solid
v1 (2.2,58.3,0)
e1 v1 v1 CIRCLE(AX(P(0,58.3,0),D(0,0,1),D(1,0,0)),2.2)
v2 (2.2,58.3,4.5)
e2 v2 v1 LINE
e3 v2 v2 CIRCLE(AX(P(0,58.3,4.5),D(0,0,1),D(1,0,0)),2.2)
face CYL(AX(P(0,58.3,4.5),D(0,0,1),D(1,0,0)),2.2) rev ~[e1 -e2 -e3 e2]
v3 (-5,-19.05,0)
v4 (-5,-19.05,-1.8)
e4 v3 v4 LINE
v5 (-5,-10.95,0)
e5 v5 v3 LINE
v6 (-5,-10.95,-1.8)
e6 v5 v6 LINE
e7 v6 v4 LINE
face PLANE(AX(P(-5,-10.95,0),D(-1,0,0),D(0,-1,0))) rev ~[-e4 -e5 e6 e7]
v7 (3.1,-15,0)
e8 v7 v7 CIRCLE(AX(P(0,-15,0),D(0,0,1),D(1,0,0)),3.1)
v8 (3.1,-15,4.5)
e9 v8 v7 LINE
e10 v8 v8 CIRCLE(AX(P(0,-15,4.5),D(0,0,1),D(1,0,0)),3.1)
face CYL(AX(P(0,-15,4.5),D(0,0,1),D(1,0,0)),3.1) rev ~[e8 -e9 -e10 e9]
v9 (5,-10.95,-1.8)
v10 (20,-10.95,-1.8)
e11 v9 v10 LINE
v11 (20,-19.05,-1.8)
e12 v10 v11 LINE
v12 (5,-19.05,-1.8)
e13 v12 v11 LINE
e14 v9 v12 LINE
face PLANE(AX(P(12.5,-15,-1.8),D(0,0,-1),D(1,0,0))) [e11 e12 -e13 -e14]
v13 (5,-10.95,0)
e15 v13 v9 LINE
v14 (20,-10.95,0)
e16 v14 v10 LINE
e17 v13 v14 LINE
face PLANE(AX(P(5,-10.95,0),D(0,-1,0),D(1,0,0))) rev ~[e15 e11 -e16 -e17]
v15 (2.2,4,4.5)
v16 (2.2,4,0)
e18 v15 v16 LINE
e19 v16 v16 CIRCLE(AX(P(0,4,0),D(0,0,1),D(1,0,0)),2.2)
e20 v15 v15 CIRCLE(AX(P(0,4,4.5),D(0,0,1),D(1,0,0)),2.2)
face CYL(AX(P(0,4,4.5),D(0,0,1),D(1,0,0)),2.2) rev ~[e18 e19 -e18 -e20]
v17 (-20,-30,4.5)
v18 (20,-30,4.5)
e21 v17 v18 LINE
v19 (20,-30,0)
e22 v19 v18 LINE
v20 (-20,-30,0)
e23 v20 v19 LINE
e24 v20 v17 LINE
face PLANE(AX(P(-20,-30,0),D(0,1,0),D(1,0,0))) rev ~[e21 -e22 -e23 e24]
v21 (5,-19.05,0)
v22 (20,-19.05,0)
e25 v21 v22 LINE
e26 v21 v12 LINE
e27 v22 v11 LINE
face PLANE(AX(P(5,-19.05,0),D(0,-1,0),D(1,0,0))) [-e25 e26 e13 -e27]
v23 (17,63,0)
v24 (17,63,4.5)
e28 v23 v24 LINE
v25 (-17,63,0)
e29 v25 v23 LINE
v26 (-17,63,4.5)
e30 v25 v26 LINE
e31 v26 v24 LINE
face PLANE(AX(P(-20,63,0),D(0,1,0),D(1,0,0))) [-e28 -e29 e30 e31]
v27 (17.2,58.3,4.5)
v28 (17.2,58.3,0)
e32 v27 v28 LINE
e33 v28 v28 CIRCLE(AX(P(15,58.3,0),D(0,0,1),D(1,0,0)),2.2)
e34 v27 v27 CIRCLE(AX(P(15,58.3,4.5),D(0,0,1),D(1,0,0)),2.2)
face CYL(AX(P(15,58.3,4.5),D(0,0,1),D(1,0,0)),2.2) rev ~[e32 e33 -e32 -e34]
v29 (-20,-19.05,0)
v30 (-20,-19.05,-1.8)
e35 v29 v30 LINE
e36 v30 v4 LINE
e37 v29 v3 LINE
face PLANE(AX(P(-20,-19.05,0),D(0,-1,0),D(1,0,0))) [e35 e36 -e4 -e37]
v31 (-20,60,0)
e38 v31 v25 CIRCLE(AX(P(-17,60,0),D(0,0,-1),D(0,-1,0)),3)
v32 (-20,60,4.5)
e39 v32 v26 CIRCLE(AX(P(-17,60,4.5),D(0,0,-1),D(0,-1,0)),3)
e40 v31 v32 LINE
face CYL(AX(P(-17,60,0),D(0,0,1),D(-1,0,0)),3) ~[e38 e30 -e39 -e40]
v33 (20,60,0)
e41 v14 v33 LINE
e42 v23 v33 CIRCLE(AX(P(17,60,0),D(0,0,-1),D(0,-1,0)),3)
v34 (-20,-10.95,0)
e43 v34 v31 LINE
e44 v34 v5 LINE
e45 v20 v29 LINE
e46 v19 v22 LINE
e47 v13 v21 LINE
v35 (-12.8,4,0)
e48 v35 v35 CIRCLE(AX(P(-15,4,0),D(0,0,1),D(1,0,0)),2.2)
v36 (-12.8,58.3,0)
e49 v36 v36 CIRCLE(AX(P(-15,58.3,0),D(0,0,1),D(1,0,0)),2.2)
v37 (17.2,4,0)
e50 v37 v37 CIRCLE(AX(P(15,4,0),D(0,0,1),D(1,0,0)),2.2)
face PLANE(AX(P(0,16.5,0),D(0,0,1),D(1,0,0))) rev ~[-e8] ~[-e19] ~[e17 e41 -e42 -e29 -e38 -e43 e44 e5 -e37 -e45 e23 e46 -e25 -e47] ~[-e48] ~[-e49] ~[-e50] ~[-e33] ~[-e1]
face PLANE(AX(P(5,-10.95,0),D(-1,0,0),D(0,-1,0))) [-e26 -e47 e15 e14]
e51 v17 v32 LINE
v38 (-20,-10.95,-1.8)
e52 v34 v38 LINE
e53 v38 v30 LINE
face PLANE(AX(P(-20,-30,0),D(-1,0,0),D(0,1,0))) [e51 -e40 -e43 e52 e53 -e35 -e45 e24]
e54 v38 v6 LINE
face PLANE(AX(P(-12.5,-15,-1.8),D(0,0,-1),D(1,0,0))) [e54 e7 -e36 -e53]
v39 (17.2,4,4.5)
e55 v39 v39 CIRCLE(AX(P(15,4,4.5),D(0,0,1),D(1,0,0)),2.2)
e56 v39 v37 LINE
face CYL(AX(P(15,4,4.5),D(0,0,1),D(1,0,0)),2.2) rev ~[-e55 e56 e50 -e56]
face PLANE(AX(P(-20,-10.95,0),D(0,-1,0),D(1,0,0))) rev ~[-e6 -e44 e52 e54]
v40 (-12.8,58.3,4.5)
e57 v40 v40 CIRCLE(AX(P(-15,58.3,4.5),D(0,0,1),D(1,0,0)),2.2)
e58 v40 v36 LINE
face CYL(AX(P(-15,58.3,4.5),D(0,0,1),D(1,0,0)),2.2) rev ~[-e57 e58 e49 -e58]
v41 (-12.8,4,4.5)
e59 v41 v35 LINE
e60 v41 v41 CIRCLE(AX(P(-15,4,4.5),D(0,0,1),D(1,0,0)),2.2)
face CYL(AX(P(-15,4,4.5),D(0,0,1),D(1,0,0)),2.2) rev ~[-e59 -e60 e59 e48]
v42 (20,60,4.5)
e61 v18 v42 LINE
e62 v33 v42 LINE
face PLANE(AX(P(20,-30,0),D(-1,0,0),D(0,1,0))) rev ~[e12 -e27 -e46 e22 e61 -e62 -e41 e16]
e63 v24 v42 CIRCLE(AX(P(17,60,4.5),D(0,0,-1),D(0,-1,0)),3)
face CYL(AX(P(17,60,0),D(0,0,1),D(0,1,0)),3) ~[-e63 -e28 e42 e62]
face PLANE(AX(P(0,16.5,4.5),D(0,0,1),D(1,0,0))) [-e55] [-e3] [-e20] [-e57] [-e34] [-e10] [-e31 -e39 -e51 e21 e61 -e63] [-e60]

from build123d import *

# Parameters (mm, degrees)
SKETCH_W        = 40
SKETCH_H        = 93
PAD_DEPTH       = 4.5
SKETCH001_R     = 2.2
POCKET_DEPTH    = 5
FILLET_R        = 3
SKETCH002_R     = 3.1
POCKET001_DEPTH = 5
SKETCH003_W     = 15
SKETCH003_H     = 8.1
PAD001_DEPTH    = 1.8


with BuildPart() as part:
    # Sketch → Pad (new body)
    with BuildSketch(Plane.XY):
        with Locations((0, 16.5)):
            Rectangle(SKETCH_W, SKETCH_H)
    extrude(amount=PAD_DEPTH)

    # Sketch001 (on Face6 of Pad) → Pocket (cut)
    with BuildSketch(Plane.XY.offset(4.5)):
        with Locations((-15, 58.3)):
            Circle(SKETCH001_R)
        with Locations((15, 58.3)):
            Circle(SKETCH001_R)
        with Locations((0, 58.3)):
            Circle(SKETCH001_R)
        with Locations((-15, 4)):
            Circle(SKETCH001_R)
        with Locations((0, 4)):
            Circle(SKETCH001_R)
        with Locations((15, 4)):
            Circle(SKETCH001_R)
    extrude(amount=-POCKET_DEPTH, mode=Mode.SUBTRACT)

    # Fillet
    fillet_edges = [part.edges().sort_by_distance(p)[0] for p in [
        (20, 63, 2.25),
        (-20, 63, 2.25),
    ]]
    fillet(fillet_edges, radius=FILLET_R)

    # Sketch002 (on Face5 of Fillet) → Pocket001 (cut)
    with BuildSketch(Plane.XY.offset(4.5)):
        with Locations((0, -15)):
            Circle(SKETCH002_R)
    extrude(amount=-POCKET001_DEPTH, mode=Mode.SUBTRACT)

    # Sketch003 (on Face2 of Pocket001) → Pad001 (join)
    with BuildSketch(Plane(origin=(0, 0, 0), x_dir=(1, 0, 0), z_dir=(0, 0, -1))):
        with Locations((-12.5, 15)):
            Rectangle(SKETCH003_W, SKETCH003_H)
        with Locations((12.5, 15)):
            Rectangle(SKETCH003_W, SKETCH003_H)
    extrude(amount=PAD001_DEPTH)


solid = part.part
